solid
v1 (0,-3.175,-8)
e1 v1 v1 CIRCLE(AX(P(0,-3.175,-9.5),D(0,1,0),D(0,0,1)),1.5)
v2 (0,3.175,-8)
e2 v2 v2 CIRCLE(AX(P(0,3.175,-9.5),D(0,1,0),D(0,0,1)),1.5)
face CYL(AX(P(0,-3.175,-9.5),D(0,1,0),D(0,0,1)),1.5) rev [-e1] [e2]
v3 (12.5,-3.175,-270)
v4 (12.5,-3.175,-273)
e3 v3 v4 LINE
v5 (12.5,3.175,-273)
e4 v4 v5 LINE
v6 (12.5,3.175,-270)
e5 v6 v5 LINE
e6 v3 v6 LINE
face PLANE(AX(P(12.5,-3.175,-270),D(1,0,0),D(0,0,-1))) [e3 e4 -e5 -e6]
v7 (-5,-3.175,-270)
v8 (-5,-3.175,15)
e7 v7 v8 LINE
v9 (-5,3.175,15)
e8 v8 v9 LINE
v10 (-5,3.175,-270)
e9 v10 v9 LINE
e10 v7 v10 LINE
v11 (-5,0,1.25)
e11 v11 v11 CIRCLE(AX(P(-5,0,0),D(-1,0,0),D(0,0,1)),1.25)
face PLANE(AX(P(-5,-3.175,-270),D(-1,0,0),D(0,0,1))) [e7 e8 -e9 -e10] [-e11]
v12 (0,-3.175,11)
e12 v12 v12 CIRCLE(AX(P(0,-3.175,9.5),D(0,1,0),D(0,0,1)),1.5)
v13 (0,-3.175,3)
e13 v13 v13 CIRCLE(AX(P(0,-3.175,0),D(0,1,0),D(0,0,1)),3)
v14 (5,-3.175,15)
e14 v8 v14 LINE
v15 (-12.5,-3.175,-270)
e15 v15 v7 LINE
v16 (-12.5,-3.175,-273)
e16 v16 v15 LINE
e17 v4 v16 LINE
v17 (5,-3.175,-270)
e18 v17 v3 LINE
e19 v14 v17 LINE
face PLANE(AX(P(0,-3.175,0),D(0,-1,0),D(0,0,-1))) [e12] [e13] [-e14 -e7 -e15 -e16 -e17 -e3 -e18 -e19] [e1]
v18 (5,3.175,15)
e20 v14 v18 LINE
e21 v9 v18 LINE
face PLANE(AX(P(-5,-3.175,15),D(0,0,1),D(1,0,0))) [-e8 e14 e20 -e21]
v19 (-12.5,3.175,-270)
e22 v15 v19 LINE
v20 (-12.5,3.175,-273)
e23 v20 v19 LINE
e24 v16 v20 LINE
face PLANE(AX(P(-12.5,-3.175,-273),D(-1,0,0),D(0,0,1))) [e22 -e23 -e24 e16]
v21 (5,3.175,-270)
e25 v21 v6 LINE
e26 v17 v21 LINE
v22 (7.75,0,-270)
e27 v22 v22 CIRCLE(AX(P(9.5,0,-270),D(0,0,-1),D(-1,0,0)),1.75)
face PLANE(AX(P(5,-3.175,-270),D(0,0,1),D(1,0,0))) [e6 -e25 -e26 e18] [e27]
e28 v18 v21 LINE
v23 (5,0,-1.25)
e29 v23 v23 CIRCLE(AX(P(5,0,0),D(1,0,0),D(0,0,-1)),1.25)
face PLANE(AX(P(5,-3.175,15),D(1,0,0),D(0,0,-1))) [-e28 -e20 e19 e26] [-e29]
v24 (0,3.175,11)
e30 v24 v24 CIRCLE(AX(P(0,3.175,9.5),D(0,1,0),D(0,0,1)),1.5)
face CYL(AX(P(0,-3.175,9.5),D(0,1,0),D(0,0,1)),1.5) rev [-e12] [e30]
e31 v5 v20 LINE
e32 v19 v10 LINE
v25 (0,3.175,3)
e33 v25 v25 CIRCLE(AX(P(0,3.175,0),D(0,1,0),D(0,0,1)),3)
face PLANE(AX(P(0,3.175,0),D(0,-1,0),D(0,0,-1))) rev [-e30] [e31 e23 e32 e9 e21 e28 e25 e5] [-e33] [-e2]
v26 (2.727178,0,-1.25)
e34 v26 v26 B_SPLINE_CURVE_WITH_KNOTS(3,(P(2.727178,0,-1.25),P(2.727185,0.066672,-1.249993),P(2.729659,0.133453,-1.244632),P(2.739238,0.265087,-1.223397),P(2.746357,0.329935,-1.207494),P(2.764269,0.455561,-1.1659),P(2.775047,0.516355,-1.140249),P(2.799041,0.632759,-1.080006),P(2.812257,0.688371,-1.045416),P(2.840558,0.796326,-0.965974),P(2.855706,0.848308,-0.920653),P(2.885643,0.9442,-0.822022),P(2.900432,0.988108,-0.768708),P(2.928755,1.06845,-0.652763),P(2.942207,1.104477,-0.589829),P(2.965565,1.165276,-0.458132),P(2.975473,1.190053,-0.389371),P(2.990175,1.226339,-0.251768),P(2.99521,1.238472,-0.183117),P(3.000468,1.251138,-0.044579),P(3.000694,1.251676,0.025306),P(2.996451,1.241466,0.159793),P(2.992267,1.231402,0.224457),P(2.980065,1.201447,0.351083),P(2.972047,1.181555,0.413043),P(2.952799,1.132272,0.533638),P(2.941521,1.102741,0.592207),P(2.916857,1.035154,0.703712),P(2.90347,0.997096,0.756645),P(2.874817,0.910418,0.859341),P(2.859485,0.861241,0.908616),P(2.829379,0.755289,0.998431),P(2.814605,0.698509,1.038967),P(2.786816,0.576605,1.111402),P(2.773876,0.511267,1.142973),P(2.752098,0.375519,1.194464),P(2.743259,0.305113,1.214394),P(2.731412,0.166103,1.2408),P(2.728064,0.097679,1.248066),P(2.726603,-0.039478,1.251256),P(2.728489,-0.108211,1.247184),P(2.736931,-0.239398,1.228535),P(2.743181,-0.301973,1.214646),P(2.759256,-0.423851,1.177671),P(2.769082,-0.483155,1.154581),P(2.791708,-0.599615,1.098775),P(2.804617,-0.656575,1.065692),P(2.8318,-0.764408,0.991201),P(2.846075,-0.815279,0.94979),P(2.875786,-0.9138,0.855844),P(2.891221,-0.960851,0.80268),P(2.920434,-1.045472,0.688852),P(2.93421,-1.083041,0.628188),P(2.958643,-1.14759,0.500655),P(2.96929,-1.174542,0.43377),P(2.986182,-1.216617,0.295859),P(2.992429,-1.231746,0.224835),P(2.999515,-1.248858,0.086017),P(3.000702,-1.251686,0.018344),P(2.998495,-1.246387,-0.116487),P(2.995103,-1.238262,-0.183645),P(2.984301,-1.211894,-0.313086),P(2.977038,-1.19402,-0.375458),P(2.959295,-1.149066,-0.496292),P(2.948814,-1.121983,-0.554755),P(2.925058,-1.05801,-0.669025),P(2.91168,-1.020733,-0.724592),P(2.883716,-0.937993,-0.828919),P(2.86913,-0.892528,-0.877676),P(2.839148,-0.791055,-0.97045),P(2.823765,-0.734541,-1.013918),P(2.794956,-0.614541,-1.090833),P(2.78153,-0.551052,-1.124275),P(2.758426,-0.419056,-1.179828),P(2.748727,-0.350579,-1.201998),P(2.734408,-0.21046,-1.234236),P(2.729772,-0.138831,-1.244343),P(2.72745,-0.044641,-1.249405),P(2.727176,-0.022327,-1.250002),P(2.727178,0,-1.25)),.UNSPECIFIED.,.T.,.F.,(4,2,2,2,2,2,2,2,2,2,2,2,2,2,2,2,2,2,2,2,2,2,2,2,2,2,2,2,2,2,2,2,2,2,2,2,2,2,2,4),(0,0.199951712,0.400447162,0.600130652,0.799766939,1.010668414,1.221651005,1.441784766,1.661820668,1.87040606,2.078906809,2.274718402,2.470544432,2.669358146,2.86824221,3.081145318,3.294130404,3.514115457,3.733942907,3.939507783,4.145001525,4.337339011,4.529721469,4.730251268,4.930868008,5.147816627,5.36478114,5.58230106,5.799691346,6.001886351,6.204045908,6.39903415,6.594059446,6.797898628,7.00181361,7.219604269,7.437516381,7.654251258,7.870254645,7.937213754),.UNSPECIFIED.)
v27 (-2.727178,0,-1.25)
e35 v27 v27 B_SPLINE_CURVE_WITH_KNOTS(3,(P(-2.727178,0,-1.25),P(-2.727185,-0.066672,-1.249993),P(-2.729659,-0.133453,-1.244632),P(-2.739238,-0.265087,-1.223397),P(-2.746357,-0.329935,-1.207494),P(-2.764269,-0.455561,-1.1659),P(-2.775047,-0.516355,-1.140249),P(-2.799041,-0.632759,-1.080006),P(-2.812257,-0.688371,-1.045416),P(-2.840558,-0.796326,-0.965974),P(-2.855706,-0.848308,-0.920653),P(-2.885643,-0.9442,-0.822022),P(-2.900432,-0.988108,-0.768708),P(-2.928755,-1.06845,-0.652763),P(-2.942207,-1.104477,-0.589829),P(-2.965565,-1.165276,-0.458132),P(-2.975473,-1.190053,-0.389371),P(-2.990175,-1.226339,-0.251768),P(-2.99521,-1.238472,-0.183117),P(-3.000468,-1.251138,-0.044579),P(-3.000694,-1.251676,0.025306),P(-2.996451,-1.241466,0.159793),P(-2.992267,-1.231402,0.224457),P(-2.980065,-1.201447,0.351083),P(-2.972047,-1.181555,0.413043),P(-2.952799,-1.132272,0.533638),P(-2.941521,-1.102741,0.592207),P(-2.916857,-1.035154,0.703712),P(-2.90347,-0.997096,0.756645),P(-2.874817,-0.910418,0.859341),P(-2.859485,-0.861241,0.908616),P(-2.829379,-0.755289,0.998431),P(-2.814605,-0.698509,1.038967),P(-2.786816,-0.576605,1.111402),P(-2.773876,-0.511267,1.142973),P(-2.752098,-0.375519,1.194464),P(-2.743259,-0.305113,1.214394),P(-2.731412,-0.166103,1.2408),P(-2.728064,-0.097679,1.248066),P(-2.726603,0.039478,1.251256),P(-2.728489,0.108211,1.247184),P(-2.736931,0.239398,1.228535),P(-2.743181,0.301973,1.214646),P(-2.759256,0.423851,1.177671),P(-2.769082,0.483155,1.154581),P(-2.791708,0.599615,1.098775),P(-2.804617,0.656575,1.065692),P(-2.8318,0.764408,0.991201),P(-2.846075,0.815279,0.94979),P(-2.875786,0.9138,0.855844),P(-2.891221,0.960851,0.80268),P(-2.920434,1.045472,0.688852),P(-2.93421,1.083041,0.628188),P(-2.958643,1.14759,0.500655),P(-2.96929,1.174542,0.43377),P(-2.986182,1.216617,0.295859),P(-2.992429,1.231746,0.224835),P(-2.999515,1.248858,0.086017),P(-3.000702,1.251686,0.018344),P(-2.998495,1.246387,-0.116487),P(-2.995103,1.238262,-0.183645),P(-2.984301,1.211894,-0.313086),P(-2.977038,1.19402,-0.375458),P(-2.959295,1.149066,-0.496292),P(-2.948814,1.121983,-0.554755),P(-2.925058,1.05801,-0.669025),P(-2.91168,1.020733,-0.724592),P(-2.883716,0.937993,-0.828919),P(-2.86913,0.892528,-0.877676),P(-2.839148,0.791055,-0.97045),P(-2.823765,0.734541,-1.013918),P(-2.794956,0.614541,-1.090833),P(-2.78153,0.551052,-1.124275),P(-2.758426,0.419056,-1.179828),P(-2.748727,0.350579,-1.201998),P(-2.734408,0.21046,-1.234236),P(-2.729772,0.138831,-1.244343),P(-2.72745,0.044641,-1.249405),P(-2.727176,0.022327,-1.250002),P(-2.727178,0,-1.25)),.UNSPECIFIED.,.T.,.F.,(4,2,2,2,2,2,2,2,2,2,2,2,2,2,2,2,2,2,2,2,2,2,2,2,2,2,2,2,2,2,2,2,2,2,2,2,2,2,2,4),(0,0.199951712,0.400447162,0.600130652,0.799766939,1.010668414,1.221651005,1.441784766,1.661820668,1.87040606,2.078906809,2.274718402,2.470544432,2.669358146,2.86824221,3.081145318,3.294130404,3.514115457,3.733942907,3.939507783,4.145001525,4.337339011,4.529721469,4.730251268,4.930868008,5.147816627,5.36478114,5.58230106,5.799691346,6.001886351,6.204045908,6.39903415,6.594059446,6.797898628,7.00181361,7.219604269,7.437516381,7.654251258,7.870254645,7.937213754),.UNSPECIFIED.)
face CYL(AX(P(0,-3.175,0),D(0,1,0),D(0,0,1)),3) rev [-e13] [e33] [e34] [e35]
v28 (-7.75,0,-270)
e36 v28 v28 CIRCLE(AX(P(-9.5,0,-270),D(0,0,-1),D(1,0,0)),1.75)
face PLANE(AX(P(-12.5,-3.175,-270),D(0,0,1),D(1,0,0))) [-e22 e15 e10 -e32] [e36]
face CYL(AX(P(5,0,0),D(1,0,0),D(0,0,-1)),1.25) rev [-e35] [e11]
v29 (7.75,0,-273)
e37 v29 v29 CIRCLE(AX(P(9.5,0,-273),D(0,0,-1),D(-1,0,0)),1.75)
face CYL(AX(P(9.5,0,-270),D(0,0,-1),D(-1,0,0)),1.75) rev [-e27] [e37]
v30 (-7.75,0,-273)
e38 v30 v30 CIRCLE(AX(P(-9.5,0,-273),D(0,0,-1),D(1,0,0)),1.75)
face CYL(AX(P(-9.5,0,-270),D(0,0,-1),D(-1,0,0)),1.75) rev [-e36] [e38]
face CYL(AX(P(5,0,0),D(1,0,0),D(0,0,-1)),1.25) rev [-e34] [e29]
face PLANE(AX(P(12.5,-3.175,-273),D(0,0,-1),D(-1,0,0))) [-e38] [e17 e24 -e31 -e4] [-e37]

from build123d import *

# Parameters (mm, degrees)
BOSS_EXTRUDE1_DEPTH         = 3.175
BOSS_EXTRUDE1_DEPTH_BACK    = 3.175
SKETCH1_R                   = 1.5
SKETCH1_R_2                 = 3
SKETCH2_R                   = 1.75
CUT_EXTRUDE1_DEPTH          = 3
TAP_DRILL_FOR_M3X0_5_TAP1_D = 2.5


with BuildPart() as part:
    # Sketch1 → Boss-Extrude1 (new, two sides: drawn at the far end of the back side and taken through both)
    with BuildSketch(Plane(origin=(0, 0, 0), x_dir=(1, 0, 0), z_dir=(0, 1, 0)).offset(-BOSS_EXTRUDE1_DEPTH_BACK)):
        Polygon((-5, 270), (-5, -15), (5, -15), (5, 270), (12.5, 270), (12.5, 273), (-12.5, 273), (-12.5, 270), align=None)
        with Locations((0, -9.5)):
            Circle(SKETCH1_R, mode=Mode.SUBTRACT)
        with Locations((0, 9.5)):
            Circle(SKETCH1_R, mode=Mode.SUBTRACT)
        Circle(SKETCH1_R_2, mode=Mode.SUBTRACT)
    extrude(amount=BOSS_EXTRUDE1_DEPTH + BOSS_EXTRUDE1_DEPTH_BACK)

    # Sketch2 → Cut-Extrude1 (cut)
    with BuildSketch(Plane(origin=(0, 0, -273), x_dir=(-1, 0, 0), z_dir=(0, 0, -1))):
        with Locations((-9.5, 0)):
            Circle(SKETCH2_R)
        with Locations((9.5, 0)):
            Circle(SKETCH2_R)
    extrude(amount=-CUT_EXTRUDE1_DEPTH, mode=Mode.SUBTRACT)

    # Tap Drill for M3x0.5 Tap1 (through all)
    with Locations(Plane(origin=(5, 0, 0), x_dir=(0, 0, -1), z_dir=(1, 0, 0))):
        with Locations((0, 0)):
            Hole(TAP_DRILL_FOR_M3X0_5_TAP1_D / 2)


solid = part.part
